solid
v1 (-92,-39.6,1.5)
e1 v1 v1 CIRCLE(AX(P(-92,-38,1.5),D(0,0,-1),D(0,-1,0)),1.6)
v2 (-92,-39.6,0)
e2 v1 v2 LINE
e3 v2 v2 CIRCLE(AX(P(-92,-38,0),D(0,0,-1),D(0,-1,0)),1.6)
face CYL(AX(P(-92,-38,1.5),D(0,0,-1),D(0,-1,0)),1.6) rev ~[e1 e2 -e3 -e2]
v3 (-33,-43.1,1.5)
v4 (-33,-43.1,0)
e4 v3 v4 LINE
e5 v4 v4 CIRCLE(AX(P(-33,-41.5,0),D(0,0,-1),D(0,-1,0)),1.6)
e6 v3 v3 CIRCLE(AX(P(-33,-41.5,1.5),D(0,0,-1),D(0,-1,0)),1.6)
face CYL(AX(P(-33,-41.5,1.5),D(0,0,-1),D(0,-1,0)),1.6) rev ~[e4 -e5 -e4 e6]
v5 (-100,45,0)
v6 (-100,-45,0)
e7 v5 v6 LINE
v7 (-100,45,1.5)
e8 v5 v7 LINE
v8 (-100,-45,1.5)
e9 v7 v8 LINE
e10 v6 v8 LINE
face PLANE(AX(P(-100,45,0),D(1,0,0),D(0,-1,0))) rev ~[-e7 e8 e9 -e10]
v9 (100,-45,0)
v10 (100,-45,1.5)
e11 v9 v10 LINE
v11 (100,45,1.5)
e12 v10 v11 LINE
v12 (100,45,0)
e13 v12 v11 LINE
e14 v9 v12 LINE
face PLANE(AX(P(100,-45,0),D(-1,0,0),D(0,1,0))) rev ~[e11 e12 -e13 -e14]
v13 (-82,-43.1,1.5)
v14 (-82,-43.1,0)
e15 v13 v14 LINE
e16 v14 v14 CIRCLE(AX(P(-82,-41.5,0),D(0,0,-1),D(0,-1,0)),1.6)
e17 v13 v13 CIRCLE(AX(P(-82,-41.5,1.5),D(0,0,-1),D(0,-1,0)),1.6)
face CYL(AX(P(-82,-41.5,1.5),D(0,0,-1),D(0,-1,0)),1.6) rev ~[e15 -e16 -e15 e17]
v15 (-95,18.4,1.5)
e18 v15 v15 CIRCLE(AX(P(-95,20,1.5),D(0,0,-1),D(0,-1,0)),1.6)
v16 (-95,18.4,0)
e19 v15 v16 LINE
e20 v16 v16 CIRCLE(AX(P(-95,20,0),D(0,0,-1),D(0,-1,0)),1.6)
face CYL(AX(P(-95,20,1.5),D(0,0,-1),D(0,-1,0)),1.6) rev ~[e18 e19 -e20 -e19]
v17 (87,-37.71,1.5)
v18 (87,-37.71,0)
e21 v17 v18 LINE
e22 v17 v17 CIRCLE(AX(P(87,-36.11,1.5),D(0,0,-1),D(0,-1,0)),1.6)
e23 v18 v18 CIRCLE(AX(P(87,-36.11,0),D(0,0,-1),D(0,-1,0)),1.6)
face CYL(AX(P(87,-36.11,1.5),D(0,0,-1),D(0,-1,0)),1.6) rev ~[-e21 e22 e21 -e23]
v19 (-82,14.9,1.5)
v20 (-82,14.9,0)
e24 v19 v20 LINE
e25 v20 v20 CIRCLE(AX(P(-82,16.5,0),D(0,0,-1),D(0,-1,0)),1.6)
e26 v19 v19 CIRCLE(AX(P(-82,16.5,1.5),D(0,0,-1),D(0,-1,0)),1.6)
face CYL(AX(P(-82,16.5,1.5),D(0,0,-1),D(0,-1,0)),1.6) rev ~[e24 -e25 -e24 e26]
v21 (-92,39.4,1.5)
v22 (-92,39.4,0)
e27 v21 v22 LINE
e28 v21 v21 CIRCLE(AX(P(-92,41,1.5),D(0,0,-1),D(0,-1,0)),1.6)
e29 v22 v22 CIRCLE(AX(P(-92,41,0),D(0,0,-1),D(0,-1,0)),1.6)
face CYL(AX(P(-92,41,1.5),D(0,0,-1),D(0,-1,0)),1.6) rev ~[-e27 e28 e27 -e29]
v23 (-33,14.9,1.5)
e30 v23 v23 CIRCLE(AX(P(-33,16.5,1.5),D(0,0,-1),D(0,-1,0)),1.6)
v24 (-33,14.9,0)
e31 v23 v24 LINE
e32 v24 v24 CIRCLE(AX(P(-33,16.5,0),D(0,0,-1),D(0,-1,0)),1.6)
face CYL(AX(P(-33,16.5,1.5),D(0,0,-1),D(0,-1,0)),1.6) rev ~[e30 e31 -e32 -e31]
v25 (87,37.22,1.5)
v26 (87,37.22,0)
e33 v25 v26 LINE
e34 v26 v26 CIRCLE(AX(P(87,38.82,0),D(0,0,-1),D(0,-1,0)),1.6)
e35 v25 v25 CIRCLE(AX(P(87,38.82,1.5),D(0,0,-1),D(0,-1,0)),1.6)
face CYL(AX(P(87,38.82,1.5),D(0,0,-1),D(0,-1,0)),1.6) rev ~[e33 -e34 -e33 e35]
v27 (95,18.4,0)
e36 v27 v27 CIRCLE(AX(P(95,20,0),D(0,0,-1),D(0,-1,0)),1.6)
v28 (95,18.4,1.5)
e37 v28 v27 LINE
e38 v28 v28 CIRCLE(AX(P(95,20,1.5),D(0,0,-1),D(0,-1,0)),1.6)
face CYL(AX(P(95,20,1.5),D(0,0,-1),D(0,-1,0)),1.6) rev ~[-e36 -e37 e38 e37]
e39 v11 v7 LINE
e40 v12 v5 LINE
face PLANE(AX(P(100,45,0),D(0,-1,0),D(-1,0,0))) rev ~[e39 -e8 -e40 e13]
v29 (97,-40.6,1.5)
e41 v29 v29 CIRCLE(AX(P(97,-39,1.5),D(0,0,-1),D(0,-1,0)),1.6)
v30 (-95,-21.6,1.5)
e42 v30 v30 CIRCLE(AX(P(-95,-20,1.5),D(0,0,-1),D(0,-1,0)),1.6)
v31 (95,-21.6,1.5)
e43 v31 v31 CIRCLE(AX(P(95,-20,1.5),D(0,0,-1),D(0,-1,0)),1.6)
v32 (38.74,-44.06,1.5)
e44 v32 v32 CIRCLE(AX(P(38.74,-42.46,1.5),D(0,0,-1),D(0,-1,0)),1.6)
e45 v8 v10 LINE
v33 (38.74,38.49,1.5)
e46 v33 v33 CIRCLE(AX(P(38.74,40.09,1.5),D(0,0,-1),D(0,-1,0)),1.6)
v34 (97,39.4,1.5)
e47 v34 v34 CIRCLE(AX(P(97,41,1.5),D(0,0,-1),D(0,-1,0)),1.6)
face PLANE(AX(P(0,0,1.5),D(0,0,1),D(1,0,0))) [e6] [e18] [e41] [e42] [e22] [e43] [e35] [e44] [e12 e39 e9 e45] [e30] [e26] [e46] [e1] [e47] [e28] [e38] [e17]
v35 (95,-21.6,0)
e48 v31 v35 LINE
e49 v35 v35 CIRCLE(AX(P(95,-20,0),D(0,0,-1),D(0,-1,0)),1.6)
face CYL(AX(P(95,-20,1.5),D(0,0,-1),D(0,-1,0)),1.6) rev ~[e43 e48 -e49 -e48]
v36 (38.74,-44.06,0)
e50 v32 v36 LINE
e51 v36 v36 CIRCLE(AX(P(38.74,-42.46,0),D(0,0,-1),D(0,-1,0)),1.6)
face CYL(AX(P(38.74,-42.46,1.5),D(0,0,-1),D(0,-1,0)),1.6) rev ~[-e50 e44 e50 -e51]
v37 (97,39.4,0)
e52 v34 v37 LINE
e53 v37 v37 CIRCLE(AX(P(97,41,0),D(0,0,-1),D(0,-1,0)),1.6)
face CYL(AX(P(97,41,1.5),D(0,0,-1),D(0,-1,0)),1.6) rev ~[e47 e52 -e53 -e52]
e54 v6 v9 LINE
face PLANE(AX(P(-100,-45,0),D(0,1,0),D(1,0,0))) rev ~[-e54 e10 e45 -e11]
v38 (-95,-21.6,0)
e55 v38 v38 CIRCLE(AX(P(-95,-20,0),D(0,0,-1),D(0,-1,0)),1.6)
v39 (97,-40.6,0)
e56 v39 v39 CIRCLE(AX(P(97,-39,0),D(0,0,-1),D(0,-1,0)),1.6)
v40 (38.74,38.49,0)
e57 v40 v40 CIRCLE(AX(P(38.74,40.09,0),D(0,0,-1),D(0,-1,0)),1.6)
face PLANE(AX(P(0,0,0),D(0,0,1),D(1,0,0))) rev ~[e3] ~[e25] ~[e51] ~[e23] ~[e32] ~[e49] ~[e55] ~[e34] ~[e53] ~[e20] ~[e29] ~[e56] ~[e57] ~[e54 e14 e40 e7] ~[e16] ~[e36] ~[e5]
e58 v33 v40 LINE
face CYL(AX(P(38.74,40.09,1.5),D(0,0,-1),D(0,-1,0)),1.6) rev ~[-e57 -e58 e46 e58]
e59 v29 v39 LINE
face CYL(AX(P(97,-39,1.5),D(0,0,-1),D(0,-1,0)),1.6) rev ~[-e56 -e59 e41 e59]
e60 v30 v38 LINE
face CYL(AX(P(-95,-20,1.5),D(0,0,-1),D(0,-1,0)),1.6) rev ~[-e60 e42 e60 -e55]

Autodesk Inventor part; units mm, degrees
ref_plane "YZ Plane" through (0, 0, 0) normal (1, 0, 0) x (0, 1, 0)
ref_plane "XZ Plane" through (0, 0, 0) normal (0, 1, 0) x (-1, 0, 0)
ref_plane "XY Plane" through (0, 0, 0) normal (0, 0, 1) x (1, 0, 0)
sketch "スケッチ1" plane through (0, 0, 0) normal (0, 0, 1) x (1, 0, 0)
  line L0 (-100, -45) -> (100, -45)
  line L1 (100, -45) -> (100, 45)
  line L2 (100, 45) -> (-100, 45)
  line L3 (-100, 45) -> (-100, -45)
  line L4 (-100, -45) -> (100, 45) construction
  line L5 (100, -45) -> (-100, 45) construction
  point P0 (0, 0)
  dimension "d0" = 200
  dimension "d1" = 90
extrude "押し出し1" add sketch "スケッチ1" along normal blind 1.5
sketch "スケッチ2" plane through (0, 0, 1.5) normal (0, 0, 1) x (1, 0, 0)
  line L0 (100, -45) -> (100, 45) projected
  line L1 (-100, -45) -> (100, -45) projected
  point P0 (0, 0)
  point P1 (97, 41)
  point P2 (97, -39)
  dimension "d4" = 3
  dimension "d5" = 3
  dimension "d6" = 6
  dimension "d7" = 86
hole "穴1" at (97, 41, 1.5) at (97, -39, 1.5) direction (0, 0, -1) diameter 3.2 depth 8.8 tip angle 118
sketch "スケッチ3" plane through (0, 0, 1.5) normal (0, 0, 1) x (1, 0, 0)
  line L0 (-100, 45) -> (-100, -45) projected
  line L1 (-100, -45) -> (100, -45) projected
  point P0 (0, 0)
  point P1 (-92, 41)
  point P2 (-92, -38)
  dimension "d15" = 8
  dimension "d16" = 8
  dimension "d17" = 7
  dimension "d18" = 86
hole "穴2" at (-92, 41, 1.5) at (-92, -38, 1.5) direction (0, 0, -1) diameter 3.2 depth 8.8 tip angle 118
sketch "スケッチ4" plane through (0, 0, 1.5) normal (0, 0, 1) x (1, 0, 0)
  circle A0 centre (97, -39) radius 1.6 projected
  line L0 (-100, -45) -> (100, -45) projected
  line L1 (100, -45) -> (100, 45) projected
  circle A1 centre (97, 41) radius 1.6 projected
  point P0 (0, 0)
  point P1 (87, 38.82)
  point P2 (87, -36.11)
  dimension "d26" = 10
  dimension "d27" = 8.89
  dimension "d29" = 74.93
  dimension "d41" = 10
hole "穴3" at (87, 38.82, 1.5) at (87, -36.11, 1.5) direction (0, 0, -1) diameter 3.2 depth 8.8 tip angle 118
sketch "スケッチ10" plane through (0, 0, 1.5) normal (0, 0, 1) x (1, 0, 0)
  circle A0 centre (87, -36.11) radius 1.6 projected
  line L0 (-100, -45) -> (100, -45) projected
  circle A1 centre (87, 38.82) radius 1.6 projected
  point P0 (0, 0)
  point P1 (38.74, 40.09)
  point P2 (38.74, -42.46)
  dimension "d43" = 2.54
  dimension "d44" = 48.26
  dimension "d46" = 82.55
hole "穴4" at (38.74, 40.09, 1.5) at (38.74, -42.46, 1.5) direction (0, 0, -1) diameter 3.2 depth 8.8 tip angle 118
sketch "スケッチ11" plane through (0, 0, 1.5) normal (0, 0, 1) x (1, 0, 0)
  line L0 (-100, -45) -> (100, -45) projected
  circle A0 centre (-92, -38) radius 1.6 projected
  point P0 (0, 0)
  point P1 (-82, 16.5)
  point P2 (-33, 16.5)
  point P3 (-33, -41.5)
  point P4 (-82, -41.5)
  dimension "d54" = 3.5
  dimension "d55" = 3.5
  dimension "d56" = 10
  dimension "d57" = 49
  dimension "d58" = 10
  dimension "d59" = 58
  dimension "d60" = 58
  dimension "d61" = 49
hole "穴5" at (-82, 16.5, 1.5) at (-33, 16.5, 1.5) at (-33, -41.5, 1.5) at (-82, -41.5, 1.5) direction (0, 0, -1) diameter 3.2 depth 8.8 tip angle 118
sketch "スケッチ12" plane through (0, 0, 1.5) normal (0, 0, 1) x (1, 0, 0)
  line L0 (-100, 45) -> (-100, -45) projected
  line L1 (100, 45) -> (-100, 45) projected
  line L2 (-100, -45) -> (100, -45) projected
  line L3 (100, -45) -> (100, 45) projected
  point P0 (0, 0)
  point P1 (-95, 20)
  point P2 (-95, -20)
  point P3 (95, 20)
  point P4 (95, -20)
  dimension "d69" = 5
  dimension "d70" = 25
  dimension "d71" = 5
  dimension "d72" = 25
  dimension "d73" = 5
  dimension "d74" = 5
hole "穴6" at (-95, 20, 1.5) at (-95, -20, 1.5) at (95, 20, 1.5) at (95, -20, 1.5) direction (0, 0, -1) diameter 3.2 depth 8.8 tip angle 118
properties part number "20220624_知能ロボット2階部分"
